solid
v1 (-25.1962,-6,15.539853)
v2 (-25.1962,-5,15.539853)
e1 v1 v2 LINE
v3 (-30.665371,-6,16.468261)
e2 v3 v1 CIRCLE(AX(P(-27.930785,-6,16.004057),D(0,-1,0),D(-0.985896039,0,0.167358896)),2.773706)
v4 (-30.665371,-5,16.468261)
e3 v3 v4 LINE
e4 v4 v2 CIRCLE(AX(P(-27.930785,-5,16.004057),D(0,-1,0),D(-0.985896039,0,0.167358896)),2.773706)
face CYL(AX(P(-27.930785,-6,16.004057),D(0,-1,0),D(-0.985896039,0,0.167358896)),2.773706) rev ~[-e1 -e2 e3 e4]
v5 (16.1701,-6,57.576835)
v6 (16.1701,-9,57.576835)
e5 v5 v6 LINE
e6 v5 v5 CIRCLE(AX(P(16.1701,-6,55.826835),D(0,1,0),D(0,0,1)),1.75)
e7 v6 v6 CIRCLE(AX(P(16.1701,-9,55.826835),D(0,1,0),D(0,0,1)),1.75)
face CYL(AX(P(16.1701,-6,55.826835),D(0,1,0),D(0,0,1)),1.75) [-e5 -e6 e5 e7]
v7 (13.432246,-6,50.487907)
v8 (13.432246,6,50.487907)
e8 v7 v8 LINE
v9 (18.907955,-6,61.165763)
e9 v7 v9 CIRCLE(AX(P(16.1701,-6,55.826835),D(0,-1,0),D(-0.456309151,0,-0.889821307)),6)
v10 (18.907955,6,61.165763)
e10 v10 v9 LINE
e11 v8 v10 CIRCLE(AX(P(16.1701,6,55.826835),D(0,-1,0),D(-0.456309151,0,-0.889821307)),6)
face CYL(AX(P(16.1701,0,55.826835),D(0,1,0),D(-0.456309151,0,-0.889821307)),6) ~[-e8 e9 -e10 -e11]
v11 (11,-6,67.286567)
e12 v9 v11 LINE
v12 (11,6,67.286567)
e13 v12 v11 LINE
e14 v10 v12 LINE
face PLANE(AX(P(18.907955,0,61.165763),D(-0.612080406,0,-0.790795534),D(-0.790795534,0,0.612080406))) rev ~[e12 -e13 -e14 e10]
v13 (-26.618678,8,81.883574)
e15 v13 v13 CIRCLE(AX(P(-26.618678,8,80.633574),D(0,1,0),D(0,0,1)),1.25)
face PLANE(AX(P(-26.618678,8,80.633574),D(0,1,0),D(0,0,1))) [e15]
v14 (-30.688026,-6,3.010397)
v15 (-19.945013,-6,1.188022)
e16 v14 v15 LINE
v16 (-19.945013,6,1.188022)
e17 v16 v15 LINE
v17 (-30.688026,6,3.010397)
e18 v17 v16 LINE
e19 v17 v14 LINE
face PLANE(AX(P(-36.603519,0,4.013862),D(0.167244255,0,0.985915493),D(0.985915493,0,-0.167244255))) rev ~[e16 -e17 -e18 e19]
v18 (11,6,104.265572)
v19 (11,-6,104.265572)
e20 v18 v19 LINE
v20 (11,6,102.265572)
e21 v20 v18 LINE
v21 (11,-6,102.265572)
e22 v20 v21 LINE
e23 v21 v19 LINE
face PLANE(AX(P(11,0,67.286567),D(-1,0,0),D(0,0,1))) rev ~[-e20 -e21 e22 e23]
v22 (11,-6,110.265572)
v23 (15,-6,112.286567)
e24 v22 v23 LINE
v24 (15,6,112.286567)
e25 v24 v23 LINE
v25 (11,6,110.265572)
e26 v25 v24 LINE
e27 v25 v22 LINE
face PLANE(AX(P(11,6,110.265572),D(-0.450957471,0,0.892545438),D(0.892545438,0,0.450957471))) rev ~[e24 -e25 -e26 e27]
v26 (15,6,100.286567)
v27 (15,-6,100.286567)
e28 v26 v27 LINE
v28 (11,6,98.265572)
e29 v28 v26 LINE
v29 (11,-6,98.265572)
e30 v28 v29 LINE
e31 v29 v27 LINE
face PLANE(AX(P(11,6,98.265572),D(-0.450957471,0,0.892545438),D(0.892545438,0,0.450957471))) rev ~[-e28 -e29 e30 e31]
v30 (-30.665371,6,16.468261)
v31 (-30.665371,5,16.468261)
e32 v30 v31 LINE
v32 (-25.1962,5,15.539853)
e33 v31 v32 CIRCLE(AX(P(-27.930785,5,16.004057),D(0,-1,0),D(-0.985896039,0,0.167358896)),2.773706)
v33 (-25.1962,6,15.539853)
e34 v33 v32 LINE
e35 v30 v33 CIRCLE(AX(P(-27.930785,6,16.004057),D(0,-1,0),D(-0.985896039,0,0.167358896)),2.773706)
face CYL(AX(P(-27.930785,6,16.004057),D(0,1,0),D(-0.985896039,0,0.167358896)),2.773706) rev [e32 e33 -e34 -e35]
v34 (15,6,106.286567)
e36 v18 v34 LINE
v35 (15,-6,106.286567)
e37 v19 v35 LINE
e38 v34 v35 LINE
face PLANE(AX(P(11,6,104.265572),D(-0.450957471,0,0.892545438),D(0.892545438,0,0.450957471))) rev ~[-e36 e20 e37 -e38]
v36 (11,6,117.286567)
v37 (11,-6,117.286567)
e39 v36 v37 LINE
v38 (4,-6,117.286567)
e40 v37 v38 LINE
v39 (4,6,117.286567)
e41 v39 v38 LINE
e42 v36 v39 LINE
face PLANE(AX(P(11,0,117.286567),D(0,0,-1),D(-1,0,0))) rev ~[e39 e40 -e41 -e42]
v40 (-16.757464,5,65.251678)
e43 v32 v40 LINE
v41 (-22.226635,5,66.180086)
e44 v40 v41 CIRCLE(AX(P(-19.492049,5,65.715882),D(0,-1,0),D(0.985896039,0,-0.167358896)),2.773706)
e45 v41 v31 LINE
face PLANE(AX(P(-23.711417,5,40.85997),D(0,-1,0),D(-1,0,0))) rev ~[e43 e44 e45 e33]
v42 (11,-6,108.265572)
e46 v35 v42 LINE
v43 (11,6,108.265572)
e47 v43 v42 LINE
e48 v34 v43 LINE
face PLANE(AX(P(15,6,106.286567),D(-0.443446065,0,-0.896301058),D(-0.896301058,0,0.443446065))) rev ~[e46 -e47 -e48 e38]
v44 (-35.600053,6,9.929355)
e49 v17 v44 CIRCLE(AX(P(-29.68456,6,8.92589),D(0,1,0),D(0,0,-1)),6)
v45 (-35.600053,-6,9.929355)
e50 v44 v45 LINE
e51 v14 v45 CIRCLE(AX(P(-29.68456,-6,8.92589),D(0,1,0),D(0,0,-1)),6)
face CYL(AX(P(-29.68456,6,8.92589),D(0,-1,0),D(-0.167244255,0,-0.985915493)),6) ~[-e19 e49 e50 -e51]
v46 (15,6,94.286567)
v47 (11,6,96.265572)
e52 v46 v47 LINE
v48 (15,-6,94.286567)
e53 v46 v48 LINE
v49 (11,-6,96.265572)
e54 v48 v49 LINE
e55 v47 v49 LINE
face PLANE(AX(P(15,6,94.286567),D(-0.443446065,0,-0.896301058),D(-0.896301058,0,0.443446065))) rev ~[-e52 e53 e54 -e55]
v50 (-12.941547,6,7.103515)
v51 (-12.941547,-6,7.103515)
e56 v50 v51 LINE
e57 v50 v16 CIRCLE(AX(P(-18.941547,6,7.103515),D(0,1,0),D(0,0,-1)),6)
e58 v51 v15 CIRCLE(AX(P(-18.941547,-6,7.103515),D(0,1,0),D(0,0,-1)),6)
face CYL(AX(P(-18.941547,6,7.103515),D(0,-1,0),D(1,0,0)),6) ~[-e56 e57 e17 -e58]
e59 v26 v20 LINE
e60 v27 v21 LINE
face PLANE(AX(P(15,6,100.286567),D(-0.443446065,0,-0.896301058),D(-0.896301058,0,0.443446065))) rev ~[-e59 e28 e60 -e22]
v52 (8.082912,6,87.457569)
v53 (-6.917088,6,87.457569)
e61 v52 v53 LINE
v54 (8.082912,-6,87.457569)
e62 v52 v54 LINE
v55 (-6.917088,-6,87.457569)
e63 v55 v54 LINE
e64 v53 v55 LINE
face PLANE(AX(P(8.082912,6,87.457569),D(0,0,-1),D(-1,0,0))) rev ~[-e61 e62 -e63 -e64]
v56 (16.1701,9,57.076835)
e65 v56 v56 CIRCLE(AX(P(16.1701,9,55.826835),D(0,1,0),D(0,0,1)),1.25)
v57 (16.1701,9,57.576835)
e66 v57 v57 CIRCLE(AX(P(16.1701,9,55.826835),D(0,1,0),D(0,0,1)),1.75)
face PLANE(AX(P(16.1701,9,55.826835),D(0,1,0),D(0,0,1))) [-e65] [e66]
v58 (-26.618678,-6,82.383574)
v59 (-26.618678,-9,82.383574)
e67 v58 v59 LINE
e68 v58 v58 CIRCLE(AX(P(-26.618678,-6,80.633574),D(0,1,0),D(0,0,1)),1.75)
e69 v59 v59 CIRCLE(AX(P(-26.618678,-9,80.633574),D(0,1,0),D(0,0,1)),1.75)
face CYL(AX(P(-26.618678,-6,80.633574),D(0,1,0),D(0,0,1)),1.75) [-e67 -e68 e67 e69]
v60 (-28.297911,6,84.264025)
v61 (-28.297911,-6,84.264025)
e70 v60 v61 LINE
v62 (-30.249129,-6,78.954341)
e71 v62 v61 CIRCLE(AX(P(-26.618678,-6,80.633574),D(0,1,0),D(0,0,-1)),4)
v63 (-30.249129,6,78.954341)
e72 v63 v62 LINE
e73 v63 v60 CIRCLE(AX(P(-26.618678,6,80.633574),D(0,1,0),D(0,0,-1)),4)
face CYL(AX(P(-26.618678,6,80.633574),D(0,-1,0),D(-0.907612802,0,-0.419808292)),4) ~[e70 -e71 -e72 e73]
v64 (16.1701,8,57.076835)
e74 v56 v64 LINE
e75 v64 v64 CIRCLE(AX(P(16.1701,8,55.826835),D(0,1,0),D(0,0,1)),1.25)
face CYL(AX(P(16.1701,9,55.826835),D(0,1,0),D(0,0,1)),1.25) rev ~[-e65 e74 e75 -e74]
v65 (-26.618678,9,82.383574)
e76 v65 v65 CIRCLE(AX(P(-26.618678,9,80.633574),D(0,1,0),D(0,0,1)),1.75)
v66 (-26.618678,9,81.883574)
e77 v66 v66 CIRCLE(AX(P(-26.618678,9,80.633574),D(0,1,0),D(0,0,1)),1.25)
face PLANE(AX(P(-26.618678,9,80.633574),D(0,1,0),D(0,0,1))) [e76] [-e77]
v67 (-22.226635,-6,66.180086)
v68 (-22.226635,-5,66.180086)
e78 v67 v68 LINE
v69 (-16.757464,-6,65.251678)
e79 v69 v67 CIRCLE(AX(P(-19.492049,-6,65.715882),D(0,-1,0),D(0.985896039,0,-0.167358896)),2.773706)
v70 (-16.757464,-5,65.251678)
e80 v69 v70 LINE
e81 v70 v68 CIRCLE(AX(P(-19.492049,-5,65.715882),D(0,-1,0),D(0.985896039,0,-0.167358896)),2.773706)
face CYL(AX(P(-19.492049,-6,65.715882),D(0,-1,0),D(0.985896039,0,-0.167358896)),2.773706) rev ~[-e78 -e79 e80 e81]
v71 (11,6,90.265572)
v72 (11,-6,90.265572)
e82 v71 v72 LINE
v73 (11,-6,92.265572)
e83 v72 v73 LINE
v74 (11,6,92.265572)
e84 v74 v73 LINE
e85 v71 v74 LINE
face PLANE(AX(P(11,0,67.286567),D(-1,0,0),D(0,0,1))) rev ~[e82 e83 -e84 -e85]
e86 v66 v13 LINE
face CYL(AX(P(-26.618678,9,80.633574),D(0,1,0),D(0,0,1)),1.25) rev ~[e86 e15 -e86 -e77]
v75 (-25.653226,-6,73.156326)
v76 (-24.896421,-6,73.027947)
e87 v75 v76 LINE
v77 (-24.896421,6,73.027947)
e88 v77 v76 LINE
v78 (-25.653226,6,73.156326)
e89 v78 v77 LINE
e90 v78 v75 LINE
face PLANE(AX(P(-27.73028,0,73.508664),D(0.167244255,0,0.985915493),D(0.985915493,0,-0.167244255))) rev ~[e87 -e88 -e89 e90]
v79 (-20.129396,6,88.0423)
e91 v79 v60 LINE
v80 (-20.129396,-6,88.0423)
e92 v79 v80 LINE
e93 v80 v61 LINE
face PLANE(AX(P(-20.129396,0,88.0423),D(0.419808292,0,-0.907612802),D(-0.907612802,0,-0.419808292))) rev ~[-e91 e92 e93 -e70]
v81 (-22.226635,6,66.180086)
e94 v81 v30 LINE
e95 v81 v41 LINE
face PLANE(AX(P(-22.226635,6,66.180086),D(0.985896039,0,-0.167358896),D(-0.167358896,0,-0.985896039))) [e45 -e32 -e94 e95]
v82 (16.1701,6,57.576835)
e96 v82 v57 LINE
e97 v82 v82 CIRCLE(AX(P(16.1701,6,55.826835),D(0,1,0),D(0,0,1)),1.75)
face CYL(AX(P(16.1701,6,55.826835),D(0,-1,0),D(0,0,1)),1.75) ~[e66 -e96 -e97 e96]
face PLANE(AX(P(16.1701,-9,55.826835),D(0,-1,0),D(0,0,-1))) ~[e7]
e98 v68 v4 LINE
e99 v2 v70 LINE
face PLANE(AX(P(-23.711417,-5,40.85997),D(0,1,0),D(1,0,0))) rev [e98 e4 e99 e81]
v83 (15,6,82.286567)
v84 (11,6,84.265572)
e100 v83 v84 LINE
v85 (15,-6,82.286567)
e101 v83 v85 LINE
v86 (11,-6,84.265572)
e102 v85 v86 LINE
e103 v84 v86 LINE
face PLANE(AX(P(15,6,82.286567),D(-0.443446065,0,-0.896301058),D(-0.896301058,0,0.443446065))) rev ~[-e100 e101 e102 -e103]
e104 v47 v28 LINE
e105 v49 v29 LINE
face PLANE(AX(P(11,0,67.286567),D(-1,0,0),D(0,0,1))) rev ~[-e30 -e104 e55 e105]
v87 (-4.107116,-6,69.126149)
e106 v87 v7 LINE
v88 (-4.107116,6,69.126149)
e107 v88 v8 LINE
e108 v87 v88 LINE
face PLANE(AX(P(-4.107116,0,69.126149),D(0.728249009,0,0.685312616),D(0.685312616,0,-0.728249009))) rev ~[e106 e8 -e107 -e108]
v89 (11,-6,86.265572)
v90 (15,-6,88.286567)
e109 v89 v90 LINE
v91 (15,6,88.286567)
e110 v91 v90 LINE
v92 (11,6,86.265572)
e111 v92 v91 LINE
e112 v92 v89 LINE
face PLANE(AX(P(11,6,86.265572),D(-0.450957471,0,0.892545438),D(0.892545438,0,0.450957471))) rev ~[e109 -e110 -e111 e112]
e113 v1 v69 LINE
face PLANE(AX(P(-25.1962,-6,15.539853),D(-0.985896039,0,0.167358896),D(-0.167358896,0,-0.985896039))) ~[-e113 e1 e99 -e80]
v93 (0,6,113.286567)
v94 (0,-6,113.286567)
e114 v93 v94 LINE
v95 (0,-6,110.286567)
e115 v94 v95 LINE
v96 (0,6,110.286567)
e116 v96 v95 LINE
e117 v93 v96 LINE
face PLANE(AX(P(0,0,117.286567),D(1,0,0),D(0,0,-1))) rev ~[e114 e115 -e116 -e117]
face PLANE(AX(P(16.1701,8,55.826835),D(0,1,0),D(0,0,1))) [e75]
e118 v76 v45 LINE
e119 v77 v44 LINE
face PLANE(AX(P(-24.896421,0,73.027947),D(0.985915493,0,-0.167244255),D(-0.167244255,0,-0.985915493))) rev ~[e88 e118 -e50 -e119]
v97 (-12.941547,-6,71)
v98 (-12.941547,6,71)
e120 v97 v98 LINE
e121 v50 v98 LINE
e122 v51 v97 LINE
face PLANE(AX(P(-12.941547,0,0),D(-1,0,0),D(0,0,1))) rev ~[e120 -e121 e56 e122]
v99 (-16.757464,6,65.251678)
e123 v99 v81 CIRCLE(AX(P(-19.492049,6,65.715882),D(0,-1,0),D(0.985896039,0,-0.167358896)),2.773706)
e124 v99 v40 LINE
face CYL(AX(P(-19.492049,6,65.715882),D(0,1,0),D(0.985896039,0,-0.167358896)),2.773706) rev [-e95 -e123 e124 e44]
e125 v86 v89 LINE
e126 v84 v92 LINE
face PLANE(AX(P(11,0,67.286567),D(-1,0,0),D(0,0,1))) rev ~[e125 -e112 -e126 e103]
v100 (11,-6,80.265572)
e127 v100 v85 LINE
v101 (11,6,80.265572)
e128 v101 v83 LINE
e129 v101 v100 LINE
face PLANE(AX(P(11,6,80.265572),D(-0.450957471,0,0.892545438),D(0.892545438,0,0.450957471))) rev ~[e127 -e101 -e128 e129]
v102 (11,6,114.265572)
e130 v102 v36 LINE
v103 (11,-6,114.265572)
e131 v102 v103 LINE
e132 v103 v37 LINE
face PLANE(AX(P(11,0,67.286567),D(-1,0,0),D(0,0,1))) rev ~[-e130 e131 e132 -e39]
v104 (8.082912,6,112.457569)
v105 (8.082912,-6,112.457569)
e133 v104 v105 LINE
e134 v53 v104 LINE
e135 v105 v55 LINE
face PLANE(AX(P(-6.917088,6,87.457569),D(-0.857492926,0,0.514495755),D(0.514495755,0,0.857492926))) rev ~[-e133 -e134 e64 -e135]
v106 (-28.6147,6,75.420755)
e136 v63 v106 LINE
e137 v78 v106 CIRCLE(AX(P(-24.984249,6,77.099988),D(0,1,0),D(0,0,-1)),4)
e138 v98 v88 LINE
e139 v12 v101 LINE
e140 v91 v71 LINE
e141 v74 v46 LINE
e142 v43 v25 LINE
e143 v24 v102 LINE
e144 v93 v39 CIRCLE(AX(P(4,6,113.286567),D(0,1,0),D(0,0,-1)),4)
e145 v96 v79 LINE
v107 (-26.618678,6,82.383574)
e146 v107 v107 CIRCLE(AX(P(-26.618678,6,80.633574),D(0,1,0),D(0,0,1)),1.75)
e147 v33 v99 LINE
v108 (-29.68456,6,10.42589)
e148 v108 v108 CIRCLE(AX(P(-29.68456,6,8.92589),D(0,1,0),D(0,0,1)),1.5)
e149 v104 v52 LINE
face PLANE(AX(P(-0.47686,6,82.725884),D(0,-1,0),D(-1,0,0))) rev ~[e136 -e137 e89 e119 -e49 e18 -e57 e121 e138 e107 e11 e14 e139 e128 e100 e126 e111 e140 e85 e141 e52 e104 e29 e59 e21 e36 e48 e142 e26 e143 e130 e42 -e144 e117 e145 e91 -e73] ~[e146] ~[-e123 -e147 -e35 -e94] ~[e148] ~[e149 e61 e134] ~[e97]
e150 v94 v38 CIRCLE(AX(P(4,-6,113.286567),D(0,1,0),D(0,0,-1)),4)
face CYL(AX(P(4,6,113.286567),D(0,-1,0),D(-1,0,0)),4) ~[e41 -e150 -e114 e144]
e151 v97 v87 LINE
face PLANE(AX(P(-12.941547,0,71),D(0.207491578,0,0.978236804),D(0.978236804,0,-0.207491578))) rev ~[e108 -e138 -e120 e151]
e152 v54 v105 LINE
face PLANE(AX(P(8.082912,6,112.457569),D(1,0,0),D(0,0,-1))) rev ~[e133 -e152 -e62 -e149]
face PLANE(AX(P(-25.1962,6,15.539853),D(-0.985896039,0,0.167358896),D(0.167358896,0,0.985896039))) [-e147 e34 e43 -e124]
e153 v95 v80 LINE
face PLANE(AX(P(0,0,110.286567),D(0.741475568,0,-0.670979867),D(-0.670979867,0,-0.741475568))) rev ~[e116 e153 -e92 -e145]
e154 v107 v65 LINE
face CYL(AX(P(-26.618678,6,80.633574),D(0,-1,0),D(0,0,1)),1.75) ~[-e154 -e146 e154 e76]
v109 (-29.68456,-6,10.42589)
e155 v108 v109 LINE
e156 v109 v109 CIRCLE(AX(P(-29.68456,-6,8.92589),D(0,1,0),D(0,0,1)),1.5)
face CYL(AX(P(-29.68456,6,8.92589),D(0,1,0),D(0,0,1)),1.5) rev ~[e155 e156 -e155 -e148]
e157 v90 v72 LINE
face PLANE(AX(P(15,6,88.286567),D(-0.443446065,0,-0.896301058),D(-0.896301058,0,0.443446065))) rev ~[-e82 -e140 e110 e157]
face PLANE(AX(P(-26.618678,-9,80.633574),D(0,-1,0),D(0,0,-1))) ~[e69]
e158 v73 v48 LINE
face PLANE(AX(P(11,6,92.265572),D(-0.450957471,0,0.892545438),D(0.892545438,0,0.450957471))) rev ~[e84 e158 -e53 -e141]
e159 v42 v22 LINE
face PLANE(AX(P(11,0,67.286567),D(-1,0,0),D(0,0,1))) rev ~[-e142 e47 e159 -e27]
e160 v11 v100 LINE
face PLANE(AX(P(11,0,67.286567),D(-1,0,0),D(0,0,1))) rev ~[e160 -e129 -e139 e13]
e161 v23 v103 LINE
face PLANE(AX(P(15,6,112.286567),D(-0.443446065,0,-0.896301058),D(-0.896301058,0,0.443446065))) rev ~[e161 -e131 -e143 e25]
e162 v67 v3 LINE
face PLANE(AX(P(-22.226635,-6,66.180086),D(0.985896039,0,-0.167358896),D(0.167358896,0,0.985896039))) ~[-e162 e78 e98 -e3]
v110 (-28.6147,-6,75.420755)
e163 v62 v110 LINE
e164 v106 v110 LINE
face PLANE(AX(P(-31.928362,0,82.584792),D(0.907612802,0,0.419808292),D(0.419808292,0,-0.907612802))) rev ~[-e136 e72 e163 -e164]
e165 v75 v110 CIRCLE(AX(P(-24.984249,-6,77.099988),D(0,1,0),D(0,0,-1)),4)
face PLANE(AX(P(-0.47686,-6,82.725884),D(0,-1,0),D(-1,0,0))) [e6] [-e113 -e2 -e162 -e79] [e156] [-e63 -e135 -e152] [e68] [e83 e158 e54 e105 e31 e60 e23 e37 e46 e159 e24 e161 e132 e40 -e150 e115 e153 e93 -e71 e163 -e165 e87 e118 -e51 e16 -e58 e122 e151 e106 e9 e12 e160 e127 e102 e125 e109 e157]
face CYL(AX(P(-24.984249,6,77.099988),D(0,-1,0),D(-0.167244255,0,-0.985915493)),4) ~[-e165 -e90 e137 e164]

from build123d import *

# Parameters (mm, degrees)
BOSS_EXTRUDE1_DEPTH = 6
FILLET1_R           = 6
FILLET2_R           = 4
BOSS_EXTRUDE2_DEPTH = 12
LPATTERN1_COUNT     = 6
LPATTERN1_PITCH     = 6
CUT_EXTRUDE1_DEPTH  = 26
SKETCH5_R           = 1.5
CUT_EXTRUDE4_DEPTH  = 124.180869367
SKETCH6_R           = 1.75
BOSS_EXTRUDE3_DEPTH = 3
SKETCH7_R           = 1.25
CUT_EXTRUDE6_DEPTH  = 1
SKETCH8_R           = 1.25
CUT_EXTRUDE7_DEPTH  = 1
CUT_EXTRUDE8_DEPTH  = 1


with BuildPart() as part:
    # Sketch1 → Boss-Extrude1 (new, symmetric)
    with BuildSketch(Plane(origin=(0, 0, 0), x_dir=(1, 0, 0), z_dir=(0, 1, 0))):
        with BuildLine():
            ThreePointArc((13.432245527, -50.487906924), (21.509028276, -53.088979862), (18.907955338, -61.165762611))
            Line((18.907955338, -61.165762611), (11, -67.286566673))
            Line((11, -67.286566673), (11, -117.286566673))
            Line((11, -117.286566673), (0, -117.286566673))
            Line((0, -117.286566673), (0, -110.286566673))
            Line((0, -110.286566673), (-20.129396013, -88.042299634))
            Line((-20.129396013, -88.042299634), (-31.928362438, -82.58479184))
            Line((-31.928362438, -82.58479184), (-27.730279519, -73.508663821))
            Line((-27.730279519, -73.508663821), (-24.896421124, -73.027946621))
            Line((-24.896421124, -73.027946621), (-12.941547125, -71))
            Line((-12.941547125, -71), (-4.10711559, -69.126148868))
            Line((-4.10711559, -69.126148868), (13.432245527, -50.487906924))
        make_face()
        Polygon((-12.941547125, -71), (-24.896421124, -73.027946621), (-36.603518956, -4.013862114), (-12.941547125, 0), align=None)
    extrude(amount=BOSS_EXTRUDE1_DEPTH, both=True)

    # Fillet1
    fillet1_edges = [part.edges().sort_by_distance(p)[0] for p in [
        (-36.603518956, 0, 4.013862114),
        (-12.941547125, 0, 0),
    ]]
    fillet(fillet1_edges, radius=FILLET1_R)

    # Fillet2
    fillet2_edges = [part.edges().sort_by_distance(p)[0] for p in [
        (0, 0, 117.286566673),
        (-31.928362438, 0, 82.58479184),
        (-27.730279519, 0, 73.508663821),
    ]]
    fillet(fillet2_edges, radius=FILLET2_R)

    # Sketch2 → Boss-Extrude2 (add)
    with BuildSketch(Plane(origin=(0, 6, 0), x_dir=(1, 0, 0), z_dir=(0, 1, 0))):
        Polygon((15, -112.286566673), (11, -114.265571656), (11, -110.265571656), align=None)
    boss_extrude2 = extrude(amount=-BOSS_EXTRUDE2_DEPTH)

    # LPattern1: Boss-Extrude2 ×6
    with Locations(*[(0, 0, -i * LPATTERN1_PITCH) for i in range(1, LPATTERN1_COUNT)]):
        add(boss_extrude2)

    # Sketch3 → Cut-Extrude1 (cut)
    with BuildSketch(Plane(origin=(0, 6, 0), x_dir=(1, 0, 0), z_dir=(0, 1, 0))):
        Polygon((8.082911966, -112.457569416), (8.082911966, -87.457569416), (-6.917088034, -87.457569416), align=None)
    extrude(amount=-CUT_EXTRUDE1_DEPTH, mode=Mode.SUBTRACT)

    # Sketch5 → Cut-Extrude4 (cut, through all)
    with BuildSketch(Plane(origin=(0, 6, 0), x_dir=(1, 0, 0), z_dir=(0, 1, 0))):
        with Locations(Location((-29.68456047, -8.925889543, 0), (0, 0, 270))):
            Circle(SKETCH5_R)
    extrude(amount=-CUT_EXTRUDE4_DEPTH, mode=Mode.SUBTRACT)

    # Sketch6 → Boss-Extrude3 (add)
    with BuildSketch(Plane(origin=(0, 6, 0), x_dir=(1, 0, 0), z_dir=(0, 1, 0))):
        with Locations(Location((-26.618678063, -80.6335738, 0), (0, 0, 270))):
            Circle(SKETCH6_R)
        with Locations(Location((16.170100432, -55.826834767, 0), (0, 0, 270))):
            Circle(SKETCH6_R)
    boss_extrude3 = extrude(amount=BOSS_EXTRUDE3_DEPTH)

    # Sketch7 → Cut-Extrude6 (cut)
    with BuildSketch(Plane(origin=(0, 9, 0), x_dir=(1, 0, 0), z_dir=(0, 1, 0))):
        with Locations(Location((-26.618678063, -80.6335738, 0), (0, 0, 270))):
            Circle(SKETCH7_R)
    extrude(amount=-CUT_EXTRUDE6_DEPTH, mode=Mode.SUBTRACT)

    # Sketch8 → Cut-Extrude7 (cut)
    with BuildSketch(Plane(origin=(0, 9, 0), x_dir=(1, 0, 0), z_dir=(0, 1, 0))):
        with Locations(Location((16.170100432, -55.826834767, 0), (0, 0, 270))):
            Circle(SKETCH8_R)
    extrude(amount=-CUT_EXTRUDE7_DEPTH, mode=Mode.SUBTRACT)

    # Sketch9 → Cut-Extrude8 (cut)
    with BuildSketch(Plane(origin=(0, 6, 0), x_dir=(1, 0, 0), z_dir=(0, 1, 0))):
        with BuildLine():
            Line((-25.196199852, -15.539852581), (-16.757464085, -65.251677823))
            ThreePointArc((-16.757464085, -65.251677823), (-19.027845143, -68.450467492), (-22.226634811, -66.180086434))
            Line((-22.226634811, -66.180086434), (-30.665370577, -16.468261192))
            ThreePointArc((-30.665370577, -16.468261192), (-28.39498952, -13.269471524), (-25.196199852, -15.539852581))
        make_face()
    cut_extrude8 = extrude(amount=-CUT_EXTRUDE8_DEPTH, mode=Mode.SUBTRACT)

    # Mirror1: Boss-Extrude3, Cut-Extrude8 across plane
    add(boss_extrude3.mirror(Plane.ZX))
    add(cut_extrude8.mirror(Plane.ZX), mode=Mode.SUBTRACT)


solid = part.part
